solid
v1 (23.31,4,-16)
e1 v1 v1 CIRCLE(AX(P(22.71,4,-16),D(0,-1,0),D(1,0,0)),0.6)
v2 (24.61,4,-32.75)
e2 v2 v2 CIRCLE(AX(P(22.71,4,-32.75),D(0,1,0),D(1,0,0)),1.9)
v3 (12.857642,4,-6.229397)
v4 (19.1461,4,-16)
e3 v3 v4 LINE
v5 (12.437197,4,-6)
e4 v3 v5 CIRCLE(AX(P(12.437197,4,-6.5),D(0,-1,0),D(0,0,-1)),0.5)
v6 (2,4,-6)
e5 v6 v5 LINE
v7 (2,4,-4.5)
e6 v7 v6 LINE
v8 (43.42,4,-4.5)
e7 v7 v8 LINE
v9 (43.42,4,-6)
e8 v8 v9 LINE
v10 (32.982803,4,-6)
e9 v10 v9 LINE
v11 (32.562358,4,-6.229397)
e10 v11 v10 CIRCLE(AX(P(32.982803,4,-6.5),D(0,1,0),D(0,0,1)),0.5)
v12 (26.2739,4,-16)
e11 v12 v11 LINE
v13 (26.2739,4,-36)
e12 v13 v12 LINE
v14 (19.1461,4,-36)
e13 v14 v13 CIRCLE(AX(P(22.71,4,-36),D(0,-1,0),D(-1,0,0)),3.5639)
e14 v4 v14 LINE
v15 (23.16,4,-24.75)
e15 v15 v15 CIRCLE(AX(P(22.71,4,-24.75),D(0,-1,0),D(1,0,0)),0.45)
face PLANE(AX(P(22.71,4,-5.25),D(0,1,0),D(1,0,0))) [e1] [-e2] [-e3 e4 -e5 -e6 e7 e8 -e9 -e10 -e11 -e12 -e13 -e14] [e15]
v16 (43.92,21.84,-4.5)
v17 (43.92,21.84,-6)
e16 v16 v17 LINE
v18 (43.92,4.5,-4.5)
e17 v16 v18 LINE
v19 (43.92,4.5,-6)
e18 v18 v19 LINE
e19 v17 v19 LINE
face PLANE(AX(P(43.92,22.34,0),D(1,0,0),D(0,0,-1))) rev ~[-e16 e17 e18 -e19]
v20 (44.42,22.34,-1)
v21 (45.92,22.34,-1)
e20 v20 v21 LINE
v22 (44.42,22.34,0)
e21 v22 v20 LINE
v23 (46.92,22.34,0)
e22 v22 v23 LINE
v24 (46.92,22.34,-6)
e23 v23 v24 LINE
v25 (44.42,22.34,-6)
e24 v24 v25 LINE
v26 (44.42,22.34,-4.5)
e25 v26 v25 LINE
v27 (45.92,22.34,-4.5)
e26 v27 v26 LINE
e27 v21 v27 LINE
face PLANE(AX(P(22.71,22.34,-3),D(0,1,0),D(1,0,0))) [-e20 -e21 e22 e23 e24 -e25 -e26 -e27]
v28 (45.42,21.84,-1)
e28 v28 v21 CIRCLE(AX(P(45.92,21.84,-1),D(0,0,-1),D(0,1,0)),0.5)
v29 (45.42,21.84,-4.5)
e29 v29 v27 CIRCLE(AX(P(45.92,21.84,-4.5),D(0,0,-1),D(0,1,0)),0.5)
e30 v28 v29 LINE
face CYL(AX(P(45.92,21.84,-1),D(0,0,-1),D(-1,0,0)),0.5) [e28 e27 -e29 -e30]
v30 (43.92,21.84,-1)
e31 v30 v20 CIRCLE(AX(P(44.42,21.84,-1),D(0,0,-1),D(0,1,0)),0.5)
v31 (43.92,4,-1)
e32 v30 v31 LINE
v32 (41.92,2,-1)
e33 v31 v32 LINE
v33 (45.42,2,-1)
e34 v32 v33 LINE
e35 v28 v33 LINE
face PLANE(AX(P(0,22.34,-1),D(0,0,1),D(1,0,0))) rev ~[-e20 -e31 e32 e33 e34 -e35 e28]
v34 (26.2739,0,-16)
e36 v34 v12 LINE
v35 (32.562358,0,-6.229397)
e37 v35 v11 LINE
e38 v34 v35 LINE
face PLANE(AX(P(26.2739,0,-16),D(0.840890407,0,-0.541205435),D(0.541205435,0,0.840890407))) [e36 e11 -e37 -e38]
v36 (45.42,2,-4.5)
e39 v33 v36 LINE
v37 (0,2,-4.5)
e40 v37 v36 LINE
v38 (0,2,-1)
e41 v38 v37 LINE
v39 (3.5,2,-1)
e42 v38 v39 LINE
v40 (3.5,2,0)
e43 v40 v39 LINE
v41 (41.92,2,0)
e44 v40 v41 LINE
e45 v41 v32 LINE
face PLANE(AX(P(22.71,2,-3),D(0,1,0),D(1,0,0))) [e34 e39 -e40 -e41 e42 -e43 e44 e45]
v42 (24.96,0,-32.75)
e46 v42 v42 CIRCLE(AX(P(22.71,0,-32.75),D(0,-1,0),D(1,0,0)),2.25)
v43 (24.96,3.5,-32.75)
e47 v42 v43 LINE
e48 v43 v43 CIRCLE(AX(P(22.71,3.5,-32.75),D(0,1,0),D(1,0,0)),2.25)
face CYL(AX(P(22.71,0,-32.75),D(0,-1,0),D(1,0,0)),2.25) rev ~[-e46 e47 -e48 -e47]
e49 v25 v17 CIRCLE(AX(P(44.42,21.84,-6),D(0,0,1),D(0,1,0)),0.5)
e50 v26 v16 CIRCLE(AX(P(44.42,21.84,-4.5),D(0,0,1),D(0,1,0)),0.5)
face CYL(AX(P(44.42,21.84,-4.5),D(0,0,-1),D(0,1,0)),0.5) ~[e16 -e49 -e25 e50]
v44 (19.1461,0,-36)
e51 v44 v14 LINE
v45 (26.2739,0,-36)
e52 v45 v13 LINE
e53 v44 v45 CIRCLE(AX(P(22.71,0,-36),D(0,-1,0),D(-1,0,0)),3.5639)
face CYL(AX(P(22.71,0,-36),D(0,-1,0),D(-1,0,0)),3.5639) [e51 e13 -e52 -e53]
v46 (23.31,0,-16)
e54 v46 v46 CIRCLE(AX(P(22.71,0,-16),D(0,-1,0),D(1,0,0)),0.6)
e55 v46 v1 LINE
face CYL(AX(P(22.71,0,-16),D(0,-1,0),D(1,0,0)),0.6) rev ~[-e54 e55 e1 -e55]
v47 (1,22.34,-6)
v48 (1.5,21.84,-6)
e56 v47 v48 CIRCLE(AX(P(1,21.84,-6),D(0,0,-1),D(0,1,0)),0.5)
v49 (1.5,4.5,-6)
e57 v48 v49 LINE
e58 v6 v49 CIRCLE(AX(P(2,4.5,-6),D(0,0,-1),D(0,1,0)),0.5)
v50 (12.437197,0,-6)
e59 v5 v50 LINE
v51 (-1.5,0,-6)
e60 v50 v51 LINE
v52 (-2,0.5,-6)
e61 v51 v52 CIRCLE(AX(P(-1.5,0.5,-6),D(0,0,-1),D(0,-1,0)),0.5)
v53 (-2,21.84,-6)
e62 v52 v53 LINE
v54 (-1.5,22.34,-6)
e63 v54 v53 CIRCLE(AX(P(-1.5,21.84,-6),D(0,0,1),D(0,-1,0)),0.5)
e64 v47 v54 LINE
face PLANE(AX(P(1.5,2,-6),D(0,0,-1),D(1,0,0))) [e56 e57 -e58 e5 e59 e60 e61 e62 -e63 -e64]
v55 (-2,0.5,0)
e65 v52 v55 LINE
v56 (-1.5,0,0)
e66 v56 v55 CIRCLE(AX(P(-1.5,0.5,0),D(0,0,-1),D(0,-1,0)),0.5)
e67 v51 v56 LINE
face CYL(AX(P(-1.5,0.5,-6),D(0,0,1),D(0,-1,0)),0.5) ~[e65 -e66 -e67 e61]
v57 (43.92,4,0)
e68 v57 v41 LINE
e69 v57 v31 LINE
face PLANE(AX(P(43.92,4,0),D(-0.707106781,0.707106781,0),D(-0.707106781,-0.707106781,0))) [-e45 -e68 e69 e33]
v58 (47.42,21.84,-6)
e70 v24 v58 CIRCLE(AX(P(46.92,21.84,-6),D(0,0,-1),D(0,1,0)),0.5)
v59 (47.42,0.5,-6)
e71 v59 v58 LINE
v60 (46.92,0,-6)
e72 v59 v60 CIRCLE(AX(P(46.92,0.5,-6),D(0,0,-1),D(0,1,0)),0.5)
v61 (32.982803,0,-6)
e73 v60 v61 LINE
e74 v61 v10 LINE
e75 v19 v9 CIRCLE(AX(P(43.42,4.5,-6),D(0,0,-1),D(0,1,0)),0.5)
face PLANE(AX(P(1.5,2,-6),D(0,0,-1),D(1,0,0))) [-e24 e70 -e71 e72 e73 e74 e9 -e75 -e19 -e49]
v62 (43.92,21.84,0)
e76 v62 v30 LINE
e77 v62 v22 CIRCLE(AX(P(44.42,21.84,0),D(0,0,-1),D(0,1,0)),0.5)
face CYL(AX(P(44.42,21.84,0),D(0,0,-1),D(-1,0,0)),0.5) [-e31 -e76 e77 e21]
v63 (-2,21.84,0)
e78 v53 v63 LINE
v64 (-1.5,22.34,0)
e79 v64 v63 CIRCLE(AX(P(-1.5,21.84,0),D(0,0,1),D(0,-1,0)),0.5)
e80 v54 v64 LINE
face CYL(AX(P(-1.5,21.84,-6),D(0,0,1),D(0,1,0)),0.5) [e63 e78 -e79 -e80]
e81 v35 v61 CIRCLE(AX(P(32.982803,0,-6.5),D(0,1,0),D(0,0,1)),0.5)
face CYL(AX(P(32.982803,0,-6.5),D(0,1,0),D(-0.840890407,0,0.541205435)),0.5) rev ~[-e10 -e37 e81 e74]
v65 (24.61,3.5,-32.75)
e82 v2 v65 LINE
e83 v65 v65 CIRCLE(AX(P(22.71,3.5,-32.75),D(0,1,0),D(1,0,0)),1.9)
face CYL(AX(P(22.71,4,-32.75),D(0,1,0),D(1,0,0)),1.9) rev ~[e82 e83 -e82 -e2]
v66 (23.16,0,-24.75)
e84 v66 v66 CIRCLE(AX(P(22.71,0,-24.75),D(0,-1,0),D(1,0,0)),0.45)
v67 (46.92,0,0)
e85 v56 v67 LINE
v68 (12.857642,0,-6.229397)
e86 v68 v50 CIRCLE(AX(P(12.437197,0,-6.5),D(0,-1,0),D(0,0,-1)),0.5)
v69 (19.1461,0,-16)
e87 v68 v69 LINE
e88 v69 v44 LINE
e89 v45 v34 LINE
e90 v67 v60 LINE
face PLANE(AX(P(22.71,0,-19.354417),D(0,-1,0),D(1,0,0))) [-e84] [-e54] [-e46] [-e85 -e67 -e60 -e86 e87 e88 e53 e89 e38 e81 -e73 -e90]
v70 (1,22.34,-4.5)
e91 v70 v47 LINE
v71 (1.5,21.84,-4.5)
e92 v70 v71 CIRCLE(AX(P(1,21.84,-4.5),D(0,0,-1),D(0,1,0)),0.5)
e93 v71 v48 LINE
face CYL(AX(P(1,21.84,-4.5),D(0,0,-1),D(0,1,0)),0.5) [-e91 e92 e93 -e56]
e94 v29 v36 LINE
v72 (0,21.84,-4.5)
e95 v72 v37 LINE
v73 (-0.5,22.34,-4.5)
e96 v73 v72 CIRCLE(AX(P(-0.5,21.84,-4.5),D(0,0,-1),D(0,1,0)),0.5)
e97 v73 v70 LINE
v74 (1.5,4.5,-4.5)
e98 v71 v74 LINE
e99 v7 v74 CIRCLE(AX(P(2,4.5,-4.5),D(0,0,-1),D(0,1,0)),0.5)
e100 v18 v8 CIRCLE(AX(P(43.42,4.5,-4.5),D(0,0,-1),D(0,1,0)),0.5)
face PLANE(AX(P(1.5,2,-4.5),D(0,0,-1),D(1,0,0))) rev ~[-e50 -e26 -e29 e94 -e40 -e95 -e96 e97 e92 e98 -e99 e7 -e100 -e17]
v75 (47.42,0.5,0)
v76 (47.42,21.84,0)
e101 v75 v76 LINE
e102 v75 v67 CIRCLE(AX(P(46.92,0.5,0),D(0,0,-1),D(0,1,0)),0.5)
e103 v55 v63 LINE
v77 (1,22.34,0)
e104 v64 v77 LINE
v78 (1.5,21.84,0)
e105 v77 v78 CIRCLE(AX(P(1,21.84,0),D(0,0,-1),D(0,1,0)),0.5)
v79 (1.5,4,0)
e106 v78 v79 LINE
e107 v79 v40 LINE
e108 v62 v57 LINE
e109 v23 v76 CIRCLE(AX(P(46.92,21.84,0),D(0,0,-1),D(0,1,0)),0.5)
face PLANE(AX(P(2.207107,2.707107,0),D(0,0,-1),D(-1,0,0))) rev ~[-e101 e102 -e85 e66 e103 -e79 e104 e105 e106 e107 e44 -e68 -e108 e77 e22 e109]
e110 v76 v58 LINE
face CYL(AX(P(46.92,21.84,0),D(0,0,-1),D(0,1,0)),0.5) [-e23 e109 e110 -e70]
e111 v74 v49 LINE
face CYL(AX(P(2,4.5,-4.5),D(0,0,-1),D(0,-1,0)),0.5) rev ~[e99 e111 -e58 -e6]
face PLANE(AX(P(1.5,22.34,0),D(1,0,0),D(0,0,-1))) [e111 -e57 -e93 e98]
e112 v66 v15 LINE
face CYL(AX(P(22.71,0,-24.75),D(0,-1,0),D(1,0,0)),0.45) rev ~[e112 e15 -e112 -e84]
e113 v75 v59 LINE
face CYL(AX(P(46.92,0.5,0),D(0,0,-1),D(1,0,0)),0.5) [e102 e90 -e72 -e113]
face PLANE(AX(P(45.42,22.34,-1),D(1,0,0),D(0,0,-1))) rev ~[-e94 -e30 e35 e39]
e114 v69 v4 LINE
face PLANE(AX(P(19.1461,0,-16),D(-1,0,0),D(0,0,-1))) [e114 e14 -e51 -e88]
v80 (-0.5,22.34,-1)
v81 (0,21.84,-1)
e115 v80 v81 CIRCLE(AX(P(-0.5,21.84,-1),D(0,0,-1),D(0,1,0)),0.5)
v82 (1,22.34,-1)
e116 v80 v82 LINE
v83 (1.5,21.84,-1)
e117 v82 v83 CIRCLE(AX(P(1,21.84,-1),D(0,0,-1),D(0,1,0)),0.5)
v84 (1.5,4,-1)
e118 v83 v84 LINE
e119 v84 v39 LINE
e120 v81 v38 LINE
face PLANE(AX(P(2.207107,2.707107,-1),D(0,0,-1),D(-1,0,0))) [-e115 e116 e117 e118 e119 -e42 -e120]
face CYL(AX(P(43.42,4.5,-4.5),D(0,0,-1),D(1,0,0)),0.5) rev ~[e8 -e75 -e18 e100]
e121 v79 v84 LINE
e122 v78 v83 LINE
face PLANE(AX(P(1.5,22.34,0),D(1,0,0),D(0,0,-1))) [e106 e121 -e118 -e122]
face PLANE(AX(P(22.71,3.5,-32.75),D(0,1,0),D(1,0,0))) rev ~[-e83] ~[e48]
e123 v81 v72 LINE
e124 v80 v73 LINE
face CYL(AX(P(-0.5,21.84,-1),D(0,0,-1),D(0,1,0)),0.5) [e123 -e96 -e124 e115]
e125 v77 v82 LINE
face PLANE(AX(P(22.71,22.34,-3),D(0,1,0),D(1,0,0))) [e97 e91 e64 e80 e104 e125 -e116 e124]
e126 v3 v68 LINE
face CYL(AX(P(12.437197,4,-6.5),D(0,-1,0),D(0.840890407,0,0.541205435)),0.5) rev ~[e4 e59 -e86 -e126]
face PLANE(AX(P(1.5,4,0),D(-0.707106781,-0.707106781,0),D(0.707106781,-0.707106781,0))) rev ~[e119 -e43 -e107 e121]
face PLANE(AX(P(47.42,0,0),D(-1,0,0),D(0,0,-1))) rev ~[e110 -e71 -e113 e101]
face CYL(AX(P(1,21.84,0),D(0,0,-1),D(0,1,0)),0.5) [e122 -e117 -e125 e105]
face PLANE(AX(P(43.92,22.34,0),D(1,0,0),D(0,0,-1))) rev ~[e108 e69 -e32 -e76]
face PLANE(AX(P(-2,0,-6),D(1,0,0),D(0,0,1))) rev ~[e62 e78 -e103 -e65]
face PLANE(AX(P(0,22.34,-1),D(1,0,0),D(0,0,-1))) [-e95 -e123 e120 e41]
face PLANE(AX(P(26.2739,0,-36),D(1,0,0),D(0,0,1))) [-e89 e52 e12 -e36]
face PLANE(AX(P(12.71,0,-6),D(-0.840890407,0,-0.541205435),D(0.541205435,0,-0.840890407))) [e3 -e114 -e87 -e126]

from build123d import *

# Parameters (mm, degrees)
BOSS_EXTRUDE1_DEPTH = 22.34
SKETCH3_W           = 42.42
SKETCH3_H           = 6
CUT_EXTRUDE1_DEPTH  = 20.34
SKETCH4_W           = 45.42
SKETCH4_H           = 3.5
CUT_EXTRUDE2_DEPTH  = 20.34
SKETCH6_R           = 0.6
SKETCH6_R_2         = 0.45
SKETCH6_R_3         = 2.25
BOSS_EXTRUDE2_DEPTH = 4
BOSS_EXTRUDE3_START = 2
SKETCH7_R           = 2.25
SKETCH7_R_2         = 1.9
BOSS_EXTRUDE3_DEPTH = 0.5
SKETCH8_W           = 42.42
SKETCH8_H           = 1.5
BOSS_EXTRUDE4_DEPTH = 2
BOSS_EXTRUDE5_DEPTH = 1
FILLET1_R           = 0.5


with BuildPart() as part:
    # Sketch1 → Boss-Extrude1 (new body)
    with BuildSketch(Plane(origin=(0, 0, 0), x_dir=(1, 0, 0), z_dir=(0, 1, 0))):
        Polygon((47.42, 0), (47.42, 6), (45.42, 6), (0, 6), (-2, 6), (-2, 0), (0, 0), (45.42, 0), align=None)
    extrude(amount=BOSS_EXTRUDE1_DEPTH)

    # Sketch3 → Cut-Extrude1 (cut)
    with BuildSketch(Plane(origin=(0, 22.34, 0), x_dir=(1, 0, 0), z_dir=(0, 1, 0))):
        with Locations((22.71, 3)):
            Rectangle(SKETCH3_W, SKETCH3_H)
    extrude(amount=-CUT_EXTRUDE1_DEPTH, mode=Mode.SUBTRACT)

    # Sketch4 → Cut-Extrude2 (cut)
    with BuildSketch(Plane(origin=(0, 22.34, 0), x_dir=(1, 0, 0), z_dir=(0, 1, 0))):
        with Locations((22.71, 2.75)):
            Rectangle(SKETCH4_W, SKETCH4_H)
    extrude(amount=-CUT_EXTRUDE2_DEPTH, mode=Mode.SUBTRACT)

    # Sketch6 → Boss-Extrude2 (add)
    with BuildSketch(Plane.XZ):
        with BuildLine():
            Line((12.71, -6), (19.146099522, -16))
            Line((19.146099522, -16), (19.146099522, -36))
            ThreePointArc((19.146099522, -36), (22.71, -39.563900478), (26.273900478, -36))
            Line((26.273900478, -36), (26.273900478, -16))
            Line((26.273900478, -16), (32.71, -6))
            Line((32.71, -6), (12.71, -6))
        make_face()
        with Locations((22.71, -16)):
            Circle(SKETCH6_R, mode=Mode.SUBTRACT)
        with Locations((22.71, -24.75)):
            Circle(SKETCH6_R_2, mode=Mode.SUBTRACT)
        with Locations((22.71, -32.75)):
            Circle(SKETCH6_R_3, mode=Mode.SUBTRACT)
    extrude(amount=-BOSS_EXTRUDE2_DEPTH)

    # Sketch7 → Boss-Extrude3 (add)
    with BuildSketch(Plane(origin=(0, 2, 0), x_dir=(1, 0, 0), z_dir=(0, 1, 0)).offset(BOSS_EXTRUDE3_START)):
        with Locations((22.71, 32.75)):
            Circle(SKETCH7_R)
        with Locations((22.71, 32.75)):
            Circle(SKETCH7_R_2, mode=Mode.SUBTRACT)
    extrude(amount=-BOSS_EXTRUDE3_DEPTH)

    # Sketch8 → Boss-Extrude4 (add)
    with BuildSketch(Plane(origin=(0, 2, 0), x_dir=(1, 0, 0), z_dir=(0, 1, 0))):
        with Locations((22.71, 5.25)):
            Rectangle(SKETCH8_W, SKETCH8_H)
    extrude(amount=BOSS_EXTRUDE4_DEPTH)

    # Sketch11 → Boss-Extrude5 (add)
    with BuildSketch(Plane.XY):
        Polygon((1.5, 4), (3.5, 2), (1.5, 2), align=None)
        Polygon((43.92, 4), (41.92, 2), (43.92, 2), align=None)
    extrude(amount=-BOSS_EXTRUDE5_DEPTH)

    # Fillet1
    fillet1_edges = [part.edges().sort_by_distance(p)[0] for p in [
        (1.5, 4, -5.25),
        (43.92, 4, -5.25),
        (47.42, 22.34, -3),
        (-2, 22.34, -3),
        (1.5, 22.34, -5.25),
        (43.92, 22.34, -0.5),
        (1.5, 22.34, -0.5),
        (43.92, 22.34, -5.25),
        (45.42, 22.34, -2.75),
        (0, 22.34, -2.75),
        (12.71, 2, -6),
        (32.71, 2, -6),
        (-2, 0, -3),
        (47.42, 0, -3),
    ]]
    fillet(fillet1_edges, radius=FILLET1_R)


solid = part.part
